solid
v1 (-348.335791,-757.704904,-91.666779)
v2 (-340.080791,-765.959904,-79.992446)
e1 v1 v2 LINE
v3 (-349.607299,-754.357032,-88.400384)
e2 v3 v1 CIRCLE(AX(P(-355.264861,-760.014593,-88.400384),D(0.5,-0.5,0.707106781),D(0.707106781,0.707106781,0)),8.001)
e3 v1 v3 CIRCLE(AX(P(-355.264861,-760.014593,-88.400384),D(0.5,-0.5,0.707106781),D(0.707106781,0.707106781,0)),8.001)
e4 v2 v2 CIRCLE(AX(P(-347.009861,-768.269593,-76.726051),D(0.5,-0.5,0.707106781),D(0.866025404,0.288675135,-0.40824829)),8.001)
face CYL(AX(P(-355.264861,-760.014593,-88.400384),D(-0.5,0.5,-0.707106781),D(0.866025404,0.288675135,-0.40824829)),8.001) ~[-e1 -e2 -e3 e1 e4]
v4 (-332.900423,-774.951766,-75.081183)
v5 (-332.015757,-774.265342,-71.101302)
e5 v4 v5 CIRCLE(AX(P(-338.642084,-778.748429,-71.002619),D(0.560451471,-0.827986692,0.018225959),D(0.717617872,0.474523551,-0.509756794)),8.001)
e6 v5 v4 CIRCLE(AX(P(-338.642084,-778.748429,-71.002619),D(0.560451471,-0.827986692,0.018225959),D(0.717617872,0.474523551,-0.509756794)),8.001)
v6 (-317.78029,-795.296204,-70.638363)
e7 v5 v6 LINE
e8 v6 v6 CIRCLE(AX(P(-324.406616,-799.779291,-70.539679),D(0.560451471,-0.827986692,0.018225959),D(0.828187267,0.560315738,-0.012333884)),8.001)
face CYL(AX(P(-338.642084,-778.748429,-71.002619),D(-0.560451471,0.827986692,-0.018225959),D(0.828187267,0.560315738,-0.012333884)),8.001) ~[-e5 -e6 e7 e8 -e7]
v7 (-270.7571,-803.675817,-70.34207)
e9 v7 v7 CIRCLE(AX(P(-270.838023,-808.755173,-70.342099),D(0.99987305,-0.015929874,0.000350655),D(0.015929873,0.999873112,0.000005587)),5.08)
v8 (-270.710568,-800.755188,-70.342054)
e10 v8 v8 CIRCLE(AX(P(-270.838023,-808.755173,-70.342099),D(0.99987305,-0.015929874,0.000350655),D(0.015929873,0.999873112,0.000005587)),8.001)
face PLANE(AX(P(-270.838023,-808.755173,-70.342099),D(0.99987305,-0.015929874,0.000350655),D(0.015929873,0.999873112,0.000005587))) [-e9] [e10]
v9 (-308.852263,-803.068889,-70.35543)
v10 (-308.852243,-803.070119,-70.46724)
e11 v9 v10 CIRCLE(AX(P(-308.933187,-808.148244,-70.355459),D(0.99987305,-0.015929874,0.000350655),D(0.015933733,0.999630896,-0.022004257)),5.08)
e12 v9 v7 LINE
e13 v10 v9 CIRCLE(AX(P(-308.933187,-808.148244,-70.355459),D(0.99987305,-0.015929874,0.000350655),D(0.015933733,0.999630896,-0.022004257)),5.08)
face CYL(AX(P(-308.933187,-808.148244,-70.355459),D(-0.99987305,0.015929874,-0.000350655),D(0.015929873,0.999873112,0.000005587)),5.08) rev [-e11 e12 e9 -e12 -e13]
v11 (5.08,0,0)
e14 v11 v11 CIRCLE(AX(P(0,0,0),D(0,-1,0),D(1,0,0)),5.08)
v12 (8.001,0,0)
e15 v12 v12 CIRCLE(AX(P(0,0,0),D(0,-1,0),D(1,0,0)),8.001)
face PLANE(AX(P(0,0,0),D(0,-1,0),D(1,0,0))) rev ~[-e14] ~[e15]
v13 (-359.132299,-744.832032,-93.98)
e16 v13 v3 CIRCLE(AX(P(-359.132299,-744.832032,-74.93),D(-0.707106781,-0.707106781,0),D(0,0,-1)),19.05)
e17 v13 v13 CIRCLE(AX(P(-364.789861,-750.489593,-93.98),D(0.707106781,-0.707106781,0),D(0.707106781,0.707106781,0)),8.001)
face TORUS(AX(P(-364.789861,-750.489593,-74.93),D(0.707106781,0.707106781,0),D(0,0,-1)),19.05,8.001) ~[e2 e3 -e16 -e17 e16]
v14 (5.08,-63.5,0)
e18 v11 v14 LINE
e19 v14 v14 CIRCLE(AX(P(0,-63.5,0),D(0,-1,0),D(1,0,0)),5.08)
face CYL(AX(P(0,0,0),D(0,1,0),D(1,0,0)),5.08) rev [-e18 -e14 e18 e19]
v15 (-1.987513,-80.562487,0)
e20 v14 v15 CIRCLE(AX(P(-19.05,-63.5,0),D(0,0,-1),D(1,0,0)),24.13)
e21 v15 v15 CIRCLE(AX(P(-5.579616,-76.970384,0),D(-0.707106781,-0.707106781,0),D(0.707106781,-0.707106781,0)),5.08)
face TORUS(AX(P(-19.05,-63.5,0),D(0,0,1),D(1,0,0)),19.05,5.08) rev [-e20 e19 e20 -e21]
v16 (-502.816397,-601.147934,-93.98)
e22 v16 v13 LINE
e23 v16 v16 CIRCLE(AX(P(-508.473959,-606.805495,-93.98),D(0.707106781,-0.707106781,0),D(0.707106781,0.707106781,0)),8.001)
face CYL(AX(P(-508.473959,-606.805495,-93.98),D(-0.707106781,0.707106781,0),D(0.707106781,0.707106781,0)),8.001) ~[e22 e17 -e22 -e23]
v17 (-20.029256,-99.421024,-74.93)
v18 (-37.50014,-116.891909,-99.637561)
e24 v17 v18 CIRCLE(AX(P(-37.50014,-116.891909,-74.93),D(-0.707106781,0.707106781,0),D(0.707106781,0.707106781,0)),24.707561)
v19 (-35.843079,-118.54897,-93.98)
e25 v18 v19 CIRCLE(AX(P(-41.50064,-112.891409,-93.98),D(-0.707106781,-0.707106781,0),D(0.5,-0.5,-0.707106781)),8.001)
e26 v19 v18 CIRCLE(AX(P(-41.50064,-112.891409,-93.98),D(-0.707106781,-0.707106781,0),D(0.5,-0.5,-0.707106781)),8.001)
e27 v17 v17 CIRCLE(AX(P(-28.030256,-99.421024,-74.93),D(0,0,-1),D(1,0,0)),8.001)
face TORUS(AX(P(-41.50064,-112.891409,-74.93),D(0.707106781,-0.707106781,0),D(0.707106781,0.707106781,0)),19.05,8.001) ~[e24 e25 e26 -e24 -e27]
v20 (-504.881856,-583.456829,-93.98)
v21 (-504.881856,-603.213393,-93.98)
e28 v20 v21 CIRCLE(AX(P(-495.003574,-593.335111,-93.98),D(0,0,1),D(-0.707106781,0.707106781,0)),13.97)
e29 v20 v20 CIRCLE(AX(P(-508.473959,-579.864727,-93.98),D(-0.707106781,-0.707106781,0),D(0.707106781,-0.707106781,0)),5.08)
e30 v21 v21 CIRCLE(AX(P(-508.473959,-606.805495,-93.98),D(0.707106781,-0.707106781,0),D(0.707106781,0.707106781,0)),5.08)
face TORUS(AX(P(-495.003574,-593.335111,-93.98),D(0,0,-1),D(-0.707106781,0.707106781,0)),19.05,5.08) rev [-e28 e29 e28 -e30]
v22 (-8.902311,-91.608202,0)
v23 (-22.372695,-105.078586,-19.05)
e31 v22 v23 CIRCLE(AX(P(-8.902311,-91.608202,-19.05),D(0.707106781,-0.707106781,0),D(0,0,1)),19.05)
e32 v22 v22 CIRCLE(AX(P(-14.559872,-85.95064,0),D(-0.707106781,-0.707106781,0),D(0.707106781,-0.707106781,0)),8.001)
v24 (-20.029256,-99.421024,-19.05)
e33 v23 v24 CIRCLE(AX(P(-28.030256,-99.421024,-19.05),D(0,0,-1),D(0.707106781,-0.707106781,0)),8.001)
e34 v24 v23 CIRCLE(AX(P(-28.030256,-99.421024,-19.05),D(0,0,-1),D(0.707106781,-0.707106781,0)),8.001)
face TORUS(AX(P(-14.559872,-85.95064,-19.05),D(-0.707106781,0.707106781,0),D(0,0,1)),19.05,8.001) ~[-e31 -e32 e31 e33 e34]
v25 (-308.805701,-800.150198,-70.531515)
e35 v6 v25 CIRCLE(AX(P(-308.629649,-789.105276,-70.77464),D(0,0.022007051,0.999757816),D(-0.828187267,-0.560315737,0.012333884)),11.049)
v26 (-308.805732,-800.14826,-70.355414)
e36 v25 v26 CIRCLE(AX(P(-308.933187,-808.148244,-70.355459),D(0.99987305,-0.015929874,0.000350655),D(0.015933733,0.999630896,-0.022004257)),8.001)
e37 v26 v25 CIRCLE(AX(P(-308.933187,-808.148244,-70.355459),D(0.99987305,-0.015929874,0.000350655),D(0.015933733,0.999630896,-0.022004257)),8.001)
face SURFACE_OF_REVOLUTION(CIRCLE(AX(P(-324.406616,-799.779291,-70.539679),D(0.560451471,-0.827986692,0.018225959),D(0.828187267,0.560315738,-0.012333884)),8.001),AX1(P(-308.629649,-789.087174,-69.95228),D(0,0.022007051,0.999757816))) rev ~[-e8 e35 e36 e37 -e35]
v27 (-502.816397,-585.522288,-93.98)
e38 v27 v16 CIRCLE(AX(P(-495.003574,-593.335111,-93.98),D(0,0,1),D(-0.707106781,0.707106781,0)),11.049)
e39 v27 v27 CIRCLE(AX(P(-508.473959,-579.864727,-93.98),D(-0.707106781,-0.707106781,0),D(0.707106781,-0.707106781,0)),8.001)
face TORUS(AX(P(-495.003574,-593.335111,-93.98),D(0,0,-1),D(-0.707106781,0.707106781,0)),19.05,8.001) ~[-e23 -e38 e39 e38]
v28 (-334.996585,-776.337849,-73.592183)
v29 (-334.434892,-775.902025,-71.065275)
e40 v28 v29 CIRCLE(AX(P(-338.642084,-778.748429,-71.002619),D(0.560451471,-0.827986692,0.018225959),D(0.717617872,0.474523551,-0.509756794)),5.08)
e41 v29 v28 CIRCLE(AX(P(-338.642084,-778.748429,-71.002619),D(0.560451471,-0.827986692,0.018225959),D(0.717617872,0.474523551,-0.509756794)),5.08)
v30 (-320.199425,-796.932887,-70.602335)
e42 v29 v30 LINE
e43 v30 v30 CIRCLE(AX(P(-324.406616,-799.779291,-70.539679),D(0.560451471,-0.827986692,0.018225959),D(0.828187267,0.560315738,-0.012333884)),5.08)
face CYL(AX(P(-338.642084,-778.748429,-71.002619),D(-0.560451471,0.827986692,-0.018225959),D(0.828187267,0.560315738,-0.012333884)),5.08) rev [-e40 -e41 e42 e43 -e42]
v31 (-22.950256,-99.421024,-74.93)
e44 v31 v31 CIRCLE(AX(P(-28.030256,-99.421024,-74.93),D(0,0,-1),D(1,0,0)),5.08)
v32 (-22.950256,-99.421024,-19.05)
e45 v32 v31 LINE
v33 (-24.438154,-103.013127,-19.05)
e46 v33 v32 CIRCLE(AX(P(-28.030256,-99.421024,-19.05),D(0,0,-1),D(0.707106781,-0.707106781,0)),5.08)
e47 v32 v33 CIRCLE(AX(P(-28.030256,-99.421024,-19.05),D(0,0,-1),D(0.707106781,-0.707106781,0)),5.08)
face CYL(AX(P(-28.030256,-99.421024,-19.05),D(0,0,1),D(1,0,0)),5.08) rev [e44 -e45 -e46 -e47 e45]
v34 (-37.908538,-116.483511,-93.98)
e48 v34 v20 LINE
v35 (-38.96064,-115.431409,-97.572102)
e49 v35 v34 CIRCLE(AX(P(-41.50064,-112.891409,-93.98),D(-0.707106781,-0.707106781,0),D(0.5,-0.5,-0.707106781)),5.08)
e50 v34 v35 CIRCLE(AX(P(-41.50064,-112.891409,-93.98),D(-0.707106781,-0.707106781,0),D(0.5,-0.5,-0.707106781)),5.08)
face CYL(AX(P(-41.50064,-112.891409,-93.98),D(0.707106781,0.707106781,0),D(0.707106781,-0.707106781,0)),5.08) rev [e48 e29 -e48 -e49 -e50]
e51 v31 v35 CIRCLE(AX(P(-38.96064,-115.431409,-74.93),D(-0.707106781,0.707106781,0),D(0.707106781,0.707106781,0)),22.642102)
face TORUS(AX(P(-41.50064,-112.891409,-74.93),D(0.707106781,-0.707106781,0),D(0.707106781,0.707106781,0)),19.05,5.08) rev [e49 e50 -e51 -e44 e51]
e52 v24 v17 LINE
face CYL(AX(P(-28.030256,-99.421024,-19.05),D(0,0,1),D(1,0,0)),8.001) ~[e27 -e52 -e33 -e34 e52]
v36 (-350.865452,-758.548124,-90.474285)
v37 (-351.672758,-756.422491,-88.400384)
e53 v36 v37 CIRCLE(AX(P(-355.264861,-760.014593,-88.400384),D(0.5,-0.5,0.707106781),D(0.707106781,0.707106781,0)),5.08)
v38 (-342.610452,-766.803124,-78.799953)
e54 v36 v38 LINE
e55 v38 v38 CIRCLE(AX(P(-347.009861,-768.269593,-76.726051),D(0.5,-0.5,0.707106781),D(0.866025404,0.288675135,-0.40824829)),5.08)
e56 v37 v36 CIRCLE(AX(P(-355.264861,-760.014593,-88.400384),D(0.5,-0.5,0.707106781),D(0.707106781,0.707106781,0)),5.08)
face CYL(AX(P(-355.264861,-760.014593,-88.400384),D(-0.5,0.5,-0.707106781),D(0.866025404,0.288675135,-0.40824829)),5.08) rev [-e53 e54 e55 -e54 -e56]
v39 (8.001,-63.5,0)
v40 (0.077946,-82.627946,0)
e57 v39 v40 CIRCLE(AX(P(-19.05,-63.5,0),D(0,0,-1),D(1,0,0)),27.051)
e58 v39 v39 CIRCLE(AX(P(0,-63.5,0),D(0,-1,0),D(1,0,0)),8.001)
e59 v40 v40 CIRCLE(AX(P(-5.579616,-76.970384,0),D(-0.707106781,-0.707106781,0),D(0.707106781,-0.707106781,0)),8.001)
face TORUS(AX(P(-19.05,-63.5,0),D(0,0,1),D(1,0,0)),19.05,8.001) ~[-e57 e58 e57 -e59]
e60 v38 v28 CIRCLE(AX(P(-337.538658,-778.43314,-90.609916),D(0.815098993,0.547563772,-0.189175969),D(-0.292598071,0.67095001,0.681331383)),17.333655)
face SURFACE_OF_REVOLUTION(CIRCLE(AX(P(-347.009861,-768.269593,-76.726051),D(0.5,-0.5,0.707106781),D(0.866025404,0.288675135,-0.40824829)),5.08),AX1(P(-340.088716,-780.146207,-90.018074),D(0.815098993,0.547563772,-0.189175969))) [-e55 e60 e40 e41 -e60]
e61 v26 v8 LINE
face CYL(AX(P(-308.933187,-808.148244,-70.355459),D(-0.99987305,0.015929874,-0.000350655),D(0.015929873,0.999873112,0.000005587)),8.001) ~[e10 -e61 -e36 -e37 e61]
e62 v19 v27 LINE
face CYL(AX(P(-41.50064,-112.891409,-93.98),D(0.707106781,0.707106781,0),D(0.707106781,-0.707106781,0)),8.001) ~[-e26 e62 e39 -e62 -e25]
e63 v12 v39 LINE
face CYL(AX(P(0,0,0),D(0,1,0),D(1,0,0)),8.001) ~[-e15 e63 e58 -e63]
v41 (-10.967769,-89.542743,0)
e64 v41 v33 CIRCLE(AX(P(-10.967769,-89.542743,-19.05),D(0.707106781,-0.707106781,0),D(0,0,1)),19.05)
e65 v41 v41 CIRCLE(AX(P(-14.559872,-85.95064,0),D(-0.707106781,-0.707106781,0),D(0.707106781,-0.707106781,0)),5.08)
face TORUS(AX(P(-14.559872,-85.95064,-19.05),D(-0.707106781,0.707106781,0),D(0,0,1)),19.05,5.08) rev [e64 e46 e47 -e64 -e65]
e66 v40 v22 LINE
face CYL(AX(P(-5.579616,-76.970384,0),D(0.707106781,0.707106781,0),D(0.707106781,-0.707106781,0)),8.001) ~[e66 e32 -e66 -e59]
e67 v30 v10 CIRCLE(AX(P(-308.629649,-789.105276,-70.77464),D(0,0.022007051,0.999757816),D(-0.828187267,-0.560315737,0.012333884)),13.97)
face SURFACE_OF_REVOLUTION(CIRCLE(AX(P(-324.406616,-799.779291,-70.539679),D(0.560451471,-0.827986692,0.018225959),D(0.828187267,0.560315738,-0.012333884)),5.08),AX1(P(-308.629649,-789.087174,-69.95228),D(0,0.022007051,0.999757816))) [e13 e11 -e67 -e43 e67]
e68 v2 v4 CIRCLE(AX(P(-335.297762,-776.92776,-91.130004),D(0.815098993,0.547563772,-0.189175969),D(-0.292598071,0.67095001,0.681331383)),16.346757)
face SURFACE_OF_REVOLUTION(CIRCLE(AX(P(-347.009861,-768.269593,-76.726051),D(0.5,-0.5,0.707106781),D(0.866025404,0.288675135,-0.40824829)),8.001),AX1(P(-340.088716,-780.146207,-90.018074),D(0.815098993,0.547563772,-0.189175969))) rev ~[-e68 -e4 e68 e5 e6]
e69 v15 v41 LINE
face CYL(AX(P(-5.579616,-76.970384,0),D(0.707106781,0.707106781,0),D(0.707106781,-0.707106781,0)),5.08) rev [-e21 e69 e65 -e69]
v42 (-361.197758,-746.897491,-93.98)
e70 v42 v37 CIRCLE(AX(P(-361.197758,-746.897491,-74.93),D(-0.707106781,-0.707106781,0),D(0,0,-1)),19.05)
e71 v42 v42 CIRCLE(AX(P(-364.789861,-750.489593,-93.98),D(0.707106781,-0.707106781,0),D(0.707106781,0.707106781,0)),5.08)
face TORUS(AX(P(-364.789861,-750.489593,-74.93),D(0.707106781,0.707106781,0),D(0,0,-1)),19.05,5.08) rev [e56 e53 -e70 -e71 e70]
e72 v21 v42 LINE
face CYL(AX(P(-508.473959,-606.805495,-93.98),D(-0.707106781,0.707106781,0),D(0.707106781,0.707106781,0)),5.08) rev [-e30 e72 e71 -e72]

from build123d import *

# Parameters (mm, degrees)
F0_R      = 8.001
F0_R_2    = 5.08
F1_DEPTH  = 63.5
F2_R      = 8.001
F2_R_2    = 5.08
F3_ANGLE  = 45
F4_R      = 8.001
F4_R_2    = 5.08
F5_DEPTH  = 12.7
F6_R      = 8.001
F6_R_2    = 5.08
F7_ANGLE  = 90
F8_R      = 8.001
F8_R_2    = 5.08
F9_DEPTH  = 55.88
F10_R     = 8.001
F10_R_2   = 5.08
F11_ANGLE = 90
F12_R     = 8.001
F12_R_2   = 5.08
F13_DEPTH = 660.4
F14_R     = 8.001
F14_R_2   = 5.08
F15_ANGLE = 90
F16_R     = 8.001
F16_R_2   = 5.08
F17_DEPTH = 203.2
F18_R     = 8.001
F18_R_2   = 5.08
F19_ANGLE = 45
F20_R     = 8.001
F20_R_2   = 5.08
F21_DEPTH = 16.51
F22_R     = 8.001
F22_R_2   = 5.08
F23_ANGLE = 45
F24_R     = 8.001
F24_R_2   = 5.08
F25_DEPTH = 25.4
F26_R     = 8.001
F26_R_2   = 5.08
F27_ANGLE = 55
F28_R     = 8.001
F28_R_2   = 5.08
F29_DEPTH = 38.1


with BuildPart() as f1:
    # F0 (on Front) → F1 (new body)
    with BuildSketch(Plane.XZ):
        Circle(F0_R)
        Circle(F0_R_2, mode=Mode.SUBTRACT)
    extrude(amount=F1_DEPTH)

    # F2 (on face) → F3 (revolve)
    with BuildSketch(Plane.XZ.offset(63.5)):
        Circle(F2_R)
        Circle(F2_R_2, mode=Mode.SUBTRACT)
    revolve(axis=Axis((-19.05, -63.5, -1.4814843151), (0, 0, -1)), revolution_arc=F3_ANGLE)

    # F4 (on face) → F5 (join)
    with BuildSketch(Plane(origin=(-41.275, -41.275, 0), x_dir=(0.7071067812, -0.7071067812, 0), z_dir=(-0.7071067812, -0.7071067812, 0))):
        with Locations((50.4808964237, 0)):
            Circle(F4_R)
        with Locations((50.4808964237, 0)):
            Circle(F4_R_2, mode=Mode.SUBTRACT)
    extrude(amount=F5_DEPTH)

    # F6 (on face) → F7 (revolve)
    with BuildSketch(Plane(origin=(-50.2552561211, -50.2552561211, 0), x_dir=(0.7071067812, -0.7071067812, 0), z_dir=(-0.7071067812, -0.7071067812, 0))):
        with Locations((50.4808964237, 0)):
            Circle(F6_R)
        with Locations((50.4808964237, 0)):
            Circle(F6_R_2, mode=Mode.SUBTRACT)
    revolve(axis=Axis((-15.3094700098, -85.2010422323, -19.05), (0.7071067812, -0.7071067812, 0)), revolution_arc=F7_ANGLE)

    # F8 (on face) → F9 (join)
    with BuildSketch(Plane(origin=(0, 0, -19.05), x_dir=(1, 0, 0), z_dir=(0, 0, -1))):
        with Locations((-28.0302561211, 99.4210244843)):
            Circle(F8_R)
        with Locations((-28.0302561211, 99.4210244843)):
            Circle(F8_R_2, mode=Mode.SUBTRACT)
    extrude(amount=F9_DEPTH)

    # F10 (on face) → F11 (revolve)
    with BuildSketch(Plane(origin=(0, 0, -74.93), x_dir=(1, 0, 0), z_dir=(0, 0, -1))):
        with Locations((-28.0302561211, 99.4210244843)):
            Circle(F10_R)
        with Locations((-28.0302561211, 99.4210244843)):
            Circle(F10_R_2, mode=Mode.SUBTRACT)
    revolve(axis=Axis((-41.5006403027, -112.8914086659, -74.93), (-0.7071067812, 0.7071067812, 0)), revolution_arc=F11_ANGLE)

    # F12 (on face) → F13 (join)
    with BuildSketch(Plane(origin=(-77.1960244843, -77.1960244843, 0), x_dir=(0.7071067812, -0.7071067812, 0), z_dir=(-0.7071067812, -0.7071067812, 0))):
        with Locations((50.4808964237, -93.98)):
            Circle(F12_R)
        with Locations((50.4808964237, -93.98)):
            Circle(F12_R_2, mode=Mode.SUBTRACT)
    extrude(amount=F13_DEPTH)

    # F14 (on face) → F15 (revolve)
    with BuildSketch(Plane(origin=(-544.1693427799, -544.1693427799, 0), x_dir=(0.7071067812, -0.7071067812, 0), z_dir=(-0.7071067812, -0.7071067812, 0))):
        with Locations((50.4808964237, -93.98)):
            Circle(F14_R)
        with Locations((50.4808964237, -93.98)):
            Circle(F14_R_2, mode=Mode.SUBTRACT)
    revolve(axis=Axis((-495.0035744167, -593.3351111431, -93.5248397291), (0, 0, 1)), revolution_arc=F15_ANGLE)

    # F16 (on face) → F17 (join)
    with BuildSketch(Plane(origin=(49.1657683632, -49.1657683632, 0), x_dir=(0.7071067812, 0.7071067812, 0), z_dir=(0.7071067812, -0.7071067812, 0))):
        with Locations((-788.6216647869, -93.98)):
            Circle(F16_R)
        with Locations((-788.6216647869, -93.98)):
            Circle(F16_R_2, mode=Mode.SUBTRACT)
    extrude(amount=F17_DEPTH)

    # F18 (on face) → F19 (revolve)
    with BuildSketch(Plane(origin=(192.8498663003, -192.8498663003, 0), x_dir=(0.7071067812, 0.7071067812, 0), z_dir=(0.7071067812, -0.7071067812, 0))):
        with Locations((-788.6216647869, -93.98)):
            Circle(F18_R)
        with Locations((-788.6216647869, -93.98)):
            Circle(F18_R_2, mode=Mode.SUBTRACT)
    revolve(axis=Axis((-365.1811606846, -750.8808932852, -74.93), (-0.7071067812, -0.7071067812, 0)), revolution_arc=F19_ANGLE)

    # F20 (on face) → F21 (join)
    with BuildSketch(Plane(origin=(69.933177593, -69.933177593, 98.9004482119), x_dir=(0.8660254038, 0.2886751346, -0.4082482905), z_dir=(0.5, -0.5, 0.7071067812))):
        with Locations((-490.9764036899, -671.5873024571)):
            Circle(F20_R)
        with Locations((-490.9764036899, -671.5873024571)):
            Circle(F20_R_2, mode=Mode.SUBTRACT)
    extrude(amount=F21_DEPTH)

    # F22 (on face) → F23 (revolve)
    with BuildSketch(Plane(origin=(78.188177593, -78.188177593, 110.5747811693), x_dir=(0.8660254038, 0.2886751346, -0.4082482905), z_dir=(0.5, -0.5, 0.7071067812))):
        with Locations((-490.9764036899, -671.5873024571)):
            Circle(F22_R)
        with Locations((-490.9764036899, -671.5873024571)):
            Circle(F22_R_2, mode=Mode.SUBTRACT)
    revolve(axis=Axis((-340.0887156368, -780.1462070097, -90.0180739232), (0.8150989931, 0.5475637717, -0.1891759692)), revolution_arc=F23_ANGLE)

    # F24 (on face) → F25 (join)
    with BuildSketch(Plane(origin=(254.280638393, -375.6631851162, 8.2692414851), x_dir=(0.8281872666, 0.5603157385, -0.012333884), z_dir=(0.5604514711, -0.8279866925, 0.0182259593))):
        with Locations((-715.9283245048, -88.1233790908)):
            Circle(F24_R)
        with Locations((-715.9283245048, -88.1233790908)):
            Circle(F24_R_2, mode=Mode.SUBTRACT)
    extrude(amount=F25_DEPTH)

    # F26 (on face) → F27 (revolve)
    with BuildSketch(Plane(origin=(268.5161057595, -396.6940471052, 8.7321808502), x_dir=(0.8281872666, 0.5603157385, -0.012333884), z_dir=(0.5604514711, -0.8279866925, 0.0182259593))):
        with Locations((-715.9283245048, -88.1233790908)):
            Circle(F26_R)
        with Locations((-715.9283245048, -88.1233790908)):
            Circle(F26_R_2, mode=Mode.SUBTRACT)
    revolve(axis=Axis((-308.6296489473, -789.0871737219, -69.9522802413), (0, 0.0220070508, 0.9997578155)), revolution_arc=F27_ANGLE)

    # F28 (on face) → F29 (join)
    with BuildSketch(Plane(origin=(-296.0073555105, 4.7159585067, -0.1038094795), x_dir=(0.0159298728, 0.9998731115, 5.5866e-06), z_dir=(0.99987305, -0.0159298738, 0.0003506545))):
        with Locations((-812.9673590943, -70.2471117368)):
            Circle(F28_R)
        with Locations((-812.9673590943, -70.2471117368)):
            Circle(F28_R_2, mode=Mode.SUBTRACT)
    extrude(amount=F29_DEPTH)


solid = f1.part
